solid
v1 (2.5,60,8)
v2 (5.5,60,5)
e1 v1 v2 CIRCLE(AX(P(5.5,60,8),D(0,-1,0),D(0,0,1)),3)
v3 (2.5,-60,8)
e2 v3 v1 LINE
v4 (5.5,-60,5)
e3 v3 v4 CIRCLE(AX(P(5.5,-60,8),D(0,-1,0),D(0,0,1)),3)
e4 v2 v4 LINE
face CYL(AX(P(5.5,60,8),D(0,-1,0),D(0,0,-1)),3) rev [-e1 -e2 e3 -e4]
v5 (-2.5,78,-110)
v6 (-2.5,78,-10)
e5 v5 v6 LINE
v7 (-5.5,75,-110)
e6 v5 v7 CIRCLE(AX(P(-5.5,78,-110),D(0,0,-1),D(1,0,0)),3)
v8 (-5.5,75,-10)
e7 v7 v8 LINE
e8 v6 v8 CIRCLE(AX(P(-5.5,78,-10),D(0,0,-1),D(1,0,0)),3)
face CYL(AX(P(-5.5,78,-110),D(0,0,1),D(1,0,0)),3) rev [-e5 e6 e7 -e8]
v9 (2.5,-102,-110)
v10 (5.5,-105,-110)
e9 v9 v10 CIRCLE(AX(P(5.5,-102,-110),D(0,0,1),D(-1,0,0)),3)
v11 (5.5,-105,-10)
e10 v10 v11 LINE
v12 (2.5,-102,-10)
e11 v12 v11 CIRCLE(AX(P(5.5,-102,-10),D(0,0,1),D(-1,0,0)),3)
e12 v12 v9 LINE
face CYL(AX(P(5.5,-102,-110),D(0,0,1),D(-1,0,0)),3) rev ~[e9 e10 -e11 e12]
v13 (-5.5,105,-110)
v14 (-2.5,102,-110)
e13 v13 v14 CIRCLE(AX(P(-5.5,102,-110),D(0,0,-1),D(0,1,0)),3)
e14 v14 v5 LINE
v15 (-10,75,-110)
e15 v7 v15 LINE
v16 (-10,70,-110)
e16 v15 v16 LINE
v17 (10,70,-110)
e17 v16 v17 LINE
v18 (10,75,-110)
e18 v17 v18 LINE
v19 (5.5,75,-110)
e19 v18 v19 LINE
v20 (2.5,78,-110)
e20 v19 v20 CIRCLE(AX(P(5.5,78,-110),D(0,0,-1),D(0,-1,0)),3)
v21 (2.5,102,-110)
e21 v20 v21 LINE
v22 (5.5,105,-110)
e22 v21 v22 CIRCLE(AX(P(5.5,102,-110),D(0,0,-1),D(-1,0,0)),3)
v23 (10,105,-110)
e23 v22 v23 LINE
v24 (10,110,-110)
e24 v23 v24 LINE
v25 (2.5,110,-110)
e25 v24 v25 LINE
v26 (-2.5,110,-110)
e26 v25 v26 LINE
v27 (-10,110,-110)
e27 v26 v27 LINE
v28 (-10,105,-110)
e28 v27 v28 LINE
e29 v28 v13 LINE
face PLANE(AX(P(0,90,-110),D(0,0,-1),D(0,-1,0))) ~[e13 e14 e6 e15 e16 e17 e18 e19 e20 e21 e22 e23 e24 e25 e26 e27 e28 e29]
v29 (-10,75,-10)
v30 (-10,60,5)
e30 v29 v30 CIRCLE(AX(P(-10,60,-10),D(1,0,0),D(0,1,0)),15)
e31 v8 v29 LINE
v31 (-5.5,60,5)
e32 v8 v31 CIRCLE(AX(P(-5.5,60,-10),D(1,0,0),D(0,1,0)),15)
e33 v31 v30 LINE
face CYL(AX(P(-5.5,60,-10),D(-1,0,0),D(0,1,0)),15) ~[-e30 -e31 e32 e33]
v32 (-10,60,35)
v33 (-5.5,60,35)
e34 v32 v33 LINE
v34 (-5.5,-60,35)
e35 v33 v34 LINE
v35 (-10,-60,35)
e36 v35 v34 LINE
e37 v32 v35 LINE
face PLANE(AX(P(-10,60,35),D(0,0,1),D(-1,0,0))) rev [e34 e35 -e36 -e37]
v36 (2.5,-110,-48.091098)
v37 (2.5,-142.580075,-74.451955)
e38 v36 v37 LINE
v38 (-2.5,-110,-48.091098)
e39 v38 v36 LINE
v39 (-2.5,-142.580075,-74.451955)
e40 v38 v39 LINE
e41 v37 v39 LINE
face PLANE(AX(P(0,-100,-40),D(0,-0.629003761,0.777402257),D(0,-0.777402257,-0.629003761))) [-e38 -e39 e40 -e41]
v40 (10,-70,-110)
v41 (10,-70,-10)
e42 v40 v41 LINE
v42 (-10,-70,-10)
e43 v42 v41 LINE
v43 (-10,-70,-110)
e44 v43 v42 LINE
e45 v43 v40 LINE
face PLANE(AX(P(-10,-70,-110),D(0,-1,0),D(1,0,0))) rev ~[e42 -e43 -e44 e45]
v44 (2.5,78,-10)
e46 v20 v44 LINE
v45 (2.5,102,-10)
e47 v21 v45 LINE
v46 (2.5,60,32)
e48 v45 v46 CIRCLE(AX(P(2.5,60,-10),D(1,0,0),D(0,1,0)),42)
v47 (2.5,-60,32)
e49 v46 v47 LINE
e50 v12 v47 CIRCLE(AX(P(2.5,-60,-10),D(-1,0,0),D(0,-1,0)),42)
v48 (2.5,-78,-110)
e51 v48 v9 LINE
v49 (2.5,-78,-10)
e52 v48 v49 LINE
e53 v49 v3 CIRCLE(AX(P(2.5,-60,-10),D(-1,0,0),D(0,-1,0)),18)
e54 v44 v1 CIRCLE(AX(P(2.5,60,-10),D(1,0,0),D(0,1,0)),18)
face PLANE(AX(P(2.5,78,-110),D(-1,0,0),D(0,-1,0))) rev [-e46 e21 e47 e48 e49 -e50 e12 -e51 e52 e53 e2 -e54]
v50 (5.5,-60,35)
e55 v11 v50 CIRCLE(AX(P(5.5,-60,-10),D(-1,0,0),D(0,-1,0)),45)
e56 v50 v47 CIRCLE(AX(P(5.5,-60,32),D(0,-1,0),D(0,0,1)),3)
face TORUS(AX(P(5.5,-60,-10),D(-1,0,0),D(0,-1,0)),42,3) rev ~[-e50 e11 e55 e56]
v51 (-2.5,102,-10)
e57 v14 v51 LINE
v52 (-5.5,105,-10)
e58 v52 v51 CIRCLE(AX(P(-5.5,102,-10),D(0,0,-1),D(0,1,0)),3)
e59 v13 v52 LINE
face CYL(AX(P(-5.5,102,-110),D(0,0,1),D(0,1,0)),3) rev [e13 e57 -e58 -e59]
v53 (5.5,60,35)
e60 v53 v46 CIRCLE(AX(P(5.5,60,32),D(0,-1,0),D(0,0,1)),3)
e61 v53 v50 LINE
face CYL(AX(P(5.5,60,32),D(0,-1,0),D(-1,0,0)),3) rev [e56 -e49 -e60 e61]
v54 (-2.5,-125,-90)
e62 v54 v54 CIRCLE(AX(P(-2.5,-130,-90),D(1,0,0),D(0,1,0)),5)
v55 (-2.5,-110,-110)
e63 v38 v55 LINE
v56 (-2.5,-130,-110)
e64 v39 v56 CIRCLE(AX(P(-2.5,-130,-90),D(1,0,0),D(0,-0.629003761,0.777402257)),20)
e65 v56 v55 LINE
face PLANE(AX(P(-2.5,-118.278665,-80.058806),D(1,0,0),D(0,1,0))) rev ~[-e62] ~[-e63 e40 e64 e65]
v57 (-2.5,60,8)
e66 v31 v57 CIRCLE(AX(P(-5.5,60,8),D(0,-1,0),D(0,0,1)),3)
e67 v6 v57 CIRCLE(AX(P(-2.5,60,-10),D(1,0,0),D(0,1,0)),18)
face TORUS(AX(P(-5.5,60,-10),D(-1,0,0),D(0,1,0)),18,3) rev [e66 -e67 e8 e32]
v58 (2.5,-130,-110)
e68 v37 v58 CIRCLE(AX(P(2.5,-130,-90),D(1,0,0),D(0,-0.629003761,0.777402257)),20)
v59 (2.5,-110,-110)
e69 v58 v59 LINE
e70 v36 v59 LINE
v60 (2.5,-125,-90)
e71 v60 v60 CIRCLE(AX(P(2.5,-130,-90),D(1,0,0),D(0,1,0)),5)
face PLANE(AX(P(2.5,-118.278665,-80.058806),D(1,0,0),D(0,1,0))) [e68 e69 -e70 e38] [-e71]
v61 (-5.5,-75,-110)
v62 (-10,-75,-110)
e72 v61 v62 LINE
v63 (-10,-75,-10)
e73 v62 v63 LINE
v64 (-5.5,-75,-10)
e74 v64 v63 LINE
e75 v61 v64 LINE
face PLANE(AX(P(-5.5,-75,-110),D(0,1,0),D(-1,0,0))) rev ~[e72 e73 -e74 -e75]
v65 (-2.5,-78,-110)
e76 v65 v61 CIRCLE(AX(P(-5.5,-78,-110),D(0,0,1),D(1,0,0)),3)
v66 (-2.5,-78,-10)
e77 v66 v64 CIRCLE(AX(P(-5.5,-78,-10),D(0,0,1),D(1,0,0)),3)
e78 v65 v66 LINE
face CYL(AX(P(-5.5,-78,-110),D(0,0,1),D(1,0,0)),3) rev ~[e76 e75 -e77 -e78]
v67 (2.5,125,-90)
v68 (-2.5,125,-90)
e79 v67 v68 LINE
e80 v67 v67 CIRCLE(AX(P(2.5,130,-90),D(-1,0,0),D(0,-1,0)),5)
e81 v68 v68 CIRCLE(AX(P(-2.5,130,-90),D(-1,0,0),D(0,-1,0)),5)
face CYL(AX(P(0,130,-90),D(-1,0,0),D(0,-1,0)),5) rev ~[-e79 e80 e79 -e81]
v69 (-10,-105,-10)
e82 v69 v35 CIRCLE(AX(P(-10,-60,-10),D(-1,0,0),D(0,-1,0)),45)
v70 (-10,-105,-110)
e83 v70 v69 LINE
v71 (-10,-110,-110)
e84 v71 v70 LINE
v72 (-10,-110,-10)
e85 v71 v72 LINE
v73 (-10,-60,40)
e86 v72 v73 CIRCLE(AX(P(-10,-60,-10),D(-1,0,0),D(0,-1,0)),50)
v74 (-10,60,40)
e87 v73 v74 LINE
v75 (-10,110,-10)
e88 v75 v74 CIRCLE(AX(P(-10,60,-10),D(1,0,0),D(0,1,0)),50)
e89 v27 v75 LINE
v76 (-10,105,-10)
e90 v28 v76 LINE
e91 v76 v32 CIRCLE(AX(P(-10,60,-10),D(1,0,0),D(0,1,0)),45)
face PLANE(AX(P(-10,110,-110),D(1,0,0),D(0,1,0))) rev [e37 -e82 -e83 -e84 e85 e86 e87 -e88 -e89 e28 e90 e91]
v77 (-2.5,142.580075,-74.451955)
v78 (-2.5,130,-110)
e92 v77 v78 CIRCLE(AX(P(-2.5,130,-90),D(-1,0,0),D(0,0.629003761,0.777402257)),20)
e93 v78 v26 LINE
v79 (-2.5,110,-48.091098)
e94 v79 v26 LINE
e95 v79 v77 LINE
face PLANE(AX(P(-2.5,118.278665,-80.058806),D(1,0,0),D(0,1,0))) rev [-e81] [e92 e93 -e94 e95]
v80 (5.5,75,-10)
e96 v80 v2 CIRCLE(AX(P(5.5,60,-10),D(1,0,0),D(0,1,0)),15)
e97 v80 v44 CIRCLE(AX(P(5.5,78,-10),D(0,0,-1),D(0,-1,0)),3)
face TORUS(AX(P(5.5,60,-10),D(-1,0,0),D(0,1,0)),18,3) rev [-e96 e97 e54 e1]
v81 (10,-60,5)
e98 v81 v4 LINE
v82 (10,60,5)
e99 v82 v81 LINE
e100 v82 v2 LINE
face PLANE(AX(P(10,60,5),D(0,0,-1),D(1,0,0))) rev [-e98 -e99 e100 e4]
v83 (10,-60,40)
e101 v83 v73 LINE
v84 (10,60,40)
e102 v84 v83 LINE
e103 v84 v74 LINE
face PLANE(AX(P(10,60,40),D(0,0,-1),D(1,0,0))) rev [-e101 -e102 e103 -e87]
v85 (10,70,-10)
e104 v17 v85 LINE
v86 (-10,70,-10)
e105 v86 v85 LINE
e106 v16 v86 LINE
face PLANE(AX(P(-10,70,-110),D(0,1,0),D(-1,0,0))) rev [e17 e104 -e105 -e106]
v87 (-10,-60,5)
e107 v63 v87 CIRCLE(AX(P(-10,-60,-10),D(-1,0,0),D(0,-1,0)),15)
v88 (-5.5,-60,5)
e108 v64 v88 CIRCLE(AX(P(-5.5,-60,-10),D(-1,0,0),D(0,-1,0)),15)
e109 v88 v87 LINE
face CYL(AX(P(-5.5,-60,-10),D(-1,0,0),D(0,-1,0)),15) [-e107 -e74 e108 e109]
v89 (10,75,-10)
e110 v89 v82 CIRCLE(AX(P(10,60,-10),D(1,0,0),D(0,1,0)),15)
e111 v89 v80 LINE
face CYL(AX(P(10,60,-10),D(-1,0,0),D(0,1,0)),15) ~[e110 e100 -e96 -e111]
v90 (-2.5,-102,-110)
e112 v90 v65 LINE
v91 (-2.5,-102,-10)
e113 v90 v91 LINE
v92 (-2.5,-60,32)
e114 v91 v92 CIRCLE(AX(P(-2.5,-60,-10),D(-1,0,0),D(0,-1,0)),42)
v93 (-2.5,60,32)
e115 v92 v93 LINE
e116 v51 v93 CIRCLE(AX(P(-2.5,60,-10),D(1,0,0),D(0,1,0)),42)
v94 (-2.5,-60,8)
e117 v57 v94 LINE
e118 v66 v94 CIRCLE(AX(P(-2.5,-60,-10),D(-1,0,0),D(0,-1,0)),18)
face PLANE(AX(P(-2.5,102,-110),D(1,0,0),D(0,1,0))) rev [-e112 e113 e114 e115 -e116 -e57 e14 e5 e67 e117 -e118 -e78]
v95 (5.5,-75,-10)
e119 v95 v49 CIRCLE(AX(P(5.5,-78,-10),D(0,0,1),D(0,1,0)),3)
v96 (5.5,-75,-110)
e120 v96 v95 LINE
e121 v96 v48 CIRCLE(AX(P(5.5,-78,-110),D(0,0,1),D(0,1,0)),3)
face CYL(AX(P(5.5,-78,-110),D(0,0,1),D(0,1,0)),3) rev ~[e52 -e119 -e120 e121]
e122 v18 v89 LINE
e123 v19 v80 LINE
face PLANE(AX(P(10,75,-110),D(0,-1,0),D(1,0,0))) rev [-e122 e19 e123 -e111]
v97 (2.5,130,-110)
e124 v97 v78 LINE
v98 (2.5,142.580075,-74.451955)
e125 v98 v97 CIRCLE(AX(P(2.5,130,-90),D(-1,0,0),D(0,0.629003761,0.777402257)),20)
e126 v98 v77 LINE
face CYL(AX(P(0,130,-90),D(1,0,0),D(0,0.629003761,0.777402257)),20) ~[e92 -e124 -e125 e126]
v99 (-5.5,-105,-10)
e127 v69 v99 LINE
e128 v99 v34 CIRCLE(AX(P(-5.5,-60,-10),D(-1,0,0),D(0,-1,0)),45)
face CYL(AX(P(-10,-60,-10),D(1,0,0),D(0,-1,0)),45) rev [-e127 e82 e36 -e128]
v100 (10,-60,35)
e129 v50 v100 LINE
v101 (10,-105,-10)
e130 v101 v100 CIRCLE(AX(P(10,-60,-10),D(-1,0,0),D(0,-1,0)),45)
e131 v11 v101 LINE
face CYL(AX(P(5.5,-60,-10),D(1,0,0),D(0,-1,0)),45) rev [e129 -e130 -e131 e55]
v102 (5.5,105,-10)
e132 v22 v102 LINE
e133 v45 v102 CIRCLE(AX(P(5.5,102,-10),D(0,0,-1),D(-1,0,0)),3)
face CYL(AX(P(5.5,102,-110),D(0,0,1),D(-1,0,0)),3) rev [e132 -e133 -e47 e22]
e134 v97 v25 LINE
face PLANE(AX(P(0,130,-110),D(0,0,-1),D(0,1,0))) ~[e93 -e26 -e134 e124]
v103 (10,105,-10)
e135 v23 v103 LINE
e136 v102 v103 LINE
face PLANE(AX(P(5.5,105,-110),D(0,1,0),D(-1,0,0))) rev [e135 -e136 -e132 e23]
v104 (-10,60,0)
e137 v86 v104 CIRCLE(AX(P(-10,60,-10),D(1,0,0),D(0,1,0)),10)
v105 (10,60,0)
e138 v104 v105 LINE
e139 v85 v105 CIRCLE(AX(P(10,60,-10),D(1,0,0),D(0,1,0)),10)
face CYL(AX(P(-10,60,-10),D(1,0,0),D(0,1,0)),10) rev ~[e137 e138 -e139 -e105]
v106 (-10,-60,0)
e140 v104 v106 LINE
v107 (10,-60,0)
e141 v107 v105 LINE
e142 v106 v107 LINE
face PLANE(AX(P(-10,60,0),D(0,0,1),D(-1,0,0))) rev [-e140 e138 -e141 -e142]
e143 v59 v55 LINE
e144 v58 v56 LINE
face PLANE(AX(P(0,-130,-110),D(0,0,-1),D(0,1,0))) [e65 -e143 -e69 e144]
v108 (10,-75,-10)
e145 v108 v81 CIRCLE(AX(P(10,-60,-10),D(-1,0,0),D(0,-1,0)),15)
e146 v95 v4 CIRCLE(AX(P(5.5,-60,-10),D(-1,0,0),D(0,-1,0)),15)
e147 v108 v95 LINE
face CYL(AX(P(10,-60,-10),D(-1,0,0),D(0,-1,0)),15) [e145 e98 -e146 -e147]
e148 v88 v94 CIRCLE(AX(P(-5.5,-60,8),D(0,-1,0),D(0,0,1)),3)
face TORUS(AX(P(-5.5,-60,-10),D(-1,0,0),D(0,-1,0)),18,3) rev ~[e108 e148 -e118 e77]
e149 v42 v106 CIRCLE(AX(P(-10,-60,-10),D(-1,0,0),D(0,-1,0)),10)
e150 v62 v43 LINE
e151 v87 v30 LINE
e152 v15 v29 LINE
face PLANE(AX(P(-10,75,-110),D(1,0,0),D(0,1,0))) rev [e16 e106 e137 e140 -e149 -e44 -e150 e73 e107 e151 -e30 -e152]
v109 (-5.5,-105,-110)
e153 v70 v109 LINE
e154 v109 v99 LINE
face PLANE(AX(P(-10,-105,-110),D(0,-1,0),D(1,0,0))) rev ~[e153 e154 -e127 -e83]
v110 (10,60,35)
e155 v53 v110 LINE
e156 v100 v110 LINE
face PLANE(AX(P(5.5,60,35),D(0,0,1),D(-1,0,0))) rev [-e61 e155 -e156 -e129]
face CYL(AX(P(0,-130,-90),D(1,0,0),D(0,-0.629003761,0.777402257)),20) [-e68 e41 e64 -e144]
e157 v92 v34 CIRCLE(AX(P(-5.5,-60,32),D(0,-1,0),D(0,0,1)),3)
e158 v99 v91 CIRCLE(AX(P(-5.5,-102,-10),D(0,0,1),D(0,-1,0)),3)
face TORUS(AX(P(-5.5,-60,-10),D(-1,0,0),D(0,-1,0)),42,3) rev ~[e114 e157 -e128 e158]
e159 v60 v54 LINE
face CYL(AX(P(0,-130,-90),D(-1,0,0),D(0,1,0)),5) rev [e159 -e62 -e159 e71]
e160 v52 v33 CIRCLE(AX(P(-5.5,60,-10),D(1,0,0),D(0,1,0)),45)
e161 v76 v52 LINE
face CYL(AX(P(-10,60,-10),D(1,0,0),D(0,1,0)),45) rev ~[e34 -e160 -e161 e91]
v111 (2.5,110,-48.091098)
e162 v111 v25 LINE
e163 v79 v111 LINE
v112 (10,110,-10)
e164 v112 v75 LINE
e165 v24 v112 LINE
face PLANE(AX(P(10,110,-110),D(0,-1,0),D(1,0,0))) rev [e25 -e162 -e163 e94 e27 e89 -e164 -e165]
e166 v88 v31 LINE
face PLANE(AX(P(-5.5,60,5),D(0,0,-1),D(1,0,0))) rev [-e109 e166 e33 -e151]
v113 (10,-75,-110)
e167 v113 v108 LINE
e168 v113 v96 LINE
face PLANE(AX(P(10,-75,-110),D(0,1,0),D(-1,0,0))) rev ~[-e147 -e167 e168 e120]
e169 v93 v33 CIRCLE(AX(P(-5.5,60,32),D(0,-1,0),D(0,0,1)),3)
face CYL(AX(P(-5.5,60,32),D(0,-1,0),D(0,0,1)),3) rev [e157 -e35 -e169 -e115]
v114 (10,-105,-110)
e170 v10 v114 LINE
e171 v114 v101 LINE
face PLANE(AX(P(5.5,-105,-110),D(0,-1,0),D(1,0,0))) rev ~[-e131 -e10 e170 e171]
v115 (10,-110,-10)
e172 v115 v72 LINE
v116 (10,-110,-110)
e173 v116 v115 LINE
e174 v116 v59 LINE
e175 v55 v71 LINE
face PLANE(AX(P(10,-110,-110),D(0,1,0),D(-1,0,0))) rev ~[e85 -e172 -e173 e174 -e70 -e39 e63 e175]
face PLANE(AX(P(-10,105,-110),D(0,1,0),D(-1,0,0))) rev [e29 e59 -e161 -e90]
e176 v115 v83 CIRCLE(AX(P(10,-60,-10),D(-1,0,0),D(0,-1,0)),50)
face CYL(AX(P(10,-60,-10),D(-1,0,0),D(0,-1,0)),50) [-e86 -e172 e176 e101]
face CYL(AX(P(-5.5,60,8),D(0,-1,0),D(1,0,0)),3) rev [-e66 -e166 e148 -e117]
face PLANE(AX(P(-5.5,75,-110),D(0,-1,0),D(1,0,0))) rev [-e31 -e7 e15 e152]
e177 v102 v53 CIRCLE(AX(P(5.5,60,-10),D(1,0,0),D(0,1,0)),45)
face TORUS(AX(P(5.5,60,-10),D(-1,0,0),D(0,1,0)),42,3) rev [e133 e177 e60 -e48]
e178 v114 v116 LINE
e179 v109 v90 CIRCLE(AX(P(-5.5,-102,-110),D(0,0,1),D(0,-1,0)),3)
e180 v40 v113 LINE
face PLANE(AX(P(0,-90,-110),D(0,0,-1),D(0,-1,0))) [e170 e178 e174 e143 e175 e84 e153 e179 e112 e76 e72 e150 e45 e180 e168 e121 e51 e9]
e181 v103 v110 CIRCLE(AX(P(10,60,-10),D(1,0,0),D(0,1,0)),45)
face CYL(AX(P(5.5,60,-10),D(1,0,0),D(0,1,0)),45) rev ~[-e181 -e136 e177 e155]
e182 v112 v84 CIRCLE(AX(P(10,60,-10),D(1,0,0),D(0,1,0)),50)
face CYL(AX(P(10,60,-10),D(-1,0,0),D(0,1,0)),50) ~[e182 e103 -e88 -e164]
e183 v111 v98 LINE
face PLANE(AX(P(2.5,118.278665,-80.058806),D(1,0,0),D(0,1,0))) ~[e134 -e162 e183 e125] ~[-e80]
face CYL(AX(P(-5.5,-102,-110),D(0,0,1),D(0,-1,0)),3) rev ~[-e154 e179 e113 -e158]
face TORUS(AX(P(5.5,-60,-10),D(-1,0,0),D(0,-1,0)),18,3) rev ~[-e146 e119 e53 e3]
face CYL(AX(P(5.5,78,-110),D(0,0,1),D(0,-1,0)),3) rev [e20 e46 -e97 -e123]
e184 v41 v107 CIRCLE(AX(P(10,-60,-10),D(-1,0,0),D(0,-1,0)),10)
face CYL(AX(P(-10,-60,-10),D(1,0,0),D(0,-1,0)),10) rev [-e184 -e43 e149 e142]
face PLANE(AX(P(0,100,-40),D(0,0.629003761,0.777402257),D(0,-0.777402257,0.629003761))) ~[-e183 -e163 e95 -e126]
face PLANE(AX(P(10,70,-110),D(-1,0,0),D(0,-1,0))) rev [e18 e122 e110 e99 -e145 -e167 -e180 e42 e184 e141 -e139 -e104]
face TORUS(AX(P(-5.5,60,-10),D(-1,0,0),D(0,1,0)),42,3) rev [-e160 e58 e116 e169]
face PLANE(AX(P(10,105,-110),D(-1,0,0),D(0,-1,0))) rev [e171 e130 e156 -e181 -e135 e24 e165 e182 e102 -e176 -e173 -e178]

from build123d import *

# Parameters (mm, degrees)
F2_R     = 5
F5_DEPTH = 2.5


with BuildPart() as f3:
    # F3: sweep along a path in F1
    with BuildLine(Plane.YZ) as f3_path:
        Line((-70, -110), (-70, -10))
        ThreePointArc((-70, -10), (-67.0710678119, -2.9289321881), (-60, 0))
        Line((-60, 0), (0, 0))
    # F0 (on Front) → F3 (sweep)
    with BuildSketch(Plane.XZ):
        with BuildLine():
            Line((-10, 0), (10, 0))
            Line((10, 0), (10, 5))
            Line((10, 5), (5.5, 5))
            ThreePointArc((5.5, 5), (3.3786796564, 5.8786796564), (2.5, 8))
            Line((2.5, 8), (2.5, 32))
            ThreePointArc((2.5, 32), (3.3786796564, 34.1213203436), (5.5, 35))
            Line((5.5, 35), (10, 35))
            Line((10, 35), (10, 40))
            Line((10, 40), (-10, 40))
            Line((-10, 40), (-10, 35))
            Line((-10, 35), (-5.5, 35))
            ThreePointArc((-5.5, 35), (-3.3786796564, 34.1213203436), (-2.5, 32))
            Line((-2.5, 32), (-2.5, 8))
            ThreePointArc((-2.5, 8), (-3.3786796564, 5.8786796564), (-5.5, 5))
            Line((-5.5, 5), (-10, 5))
            Line((-10, 5), (-10, 0))
        make_face()
    sweep(path=f3_path.line)

    # F4: F3 across plane


with BuildPart() as f3_1:
    add(f3.part)
    add(f3.part.mirror(Plane.XZ))

    # F2 (on Right) → F5 (join, symmetric)
    with BuildSketch(Plane.YZ):
        with BuildLine():
            Line((-130, -110), (-100, -110))
            Line((-100, -110), (-100, -40))
            Line((-100, -40), (-142.5800752207, -74.4519548676))
            ThreePointArc((-142.5800752207, -74.4519548676), (-148.8541892248, -96.6722971064), (-130, -110))
        make_face()
        with Locations((-130, -90)):
            Circle(F2_R, mode=Mode.SUBTRACT)
    extrude(amount=F5_DEPTH, both=True)

    # F6: F3 across plane


with BuildPart() as f3_2:
    add(f3_1.part)
    add(f3_1.part.mirror(Plane.XZ))


solid = f3_2.part
